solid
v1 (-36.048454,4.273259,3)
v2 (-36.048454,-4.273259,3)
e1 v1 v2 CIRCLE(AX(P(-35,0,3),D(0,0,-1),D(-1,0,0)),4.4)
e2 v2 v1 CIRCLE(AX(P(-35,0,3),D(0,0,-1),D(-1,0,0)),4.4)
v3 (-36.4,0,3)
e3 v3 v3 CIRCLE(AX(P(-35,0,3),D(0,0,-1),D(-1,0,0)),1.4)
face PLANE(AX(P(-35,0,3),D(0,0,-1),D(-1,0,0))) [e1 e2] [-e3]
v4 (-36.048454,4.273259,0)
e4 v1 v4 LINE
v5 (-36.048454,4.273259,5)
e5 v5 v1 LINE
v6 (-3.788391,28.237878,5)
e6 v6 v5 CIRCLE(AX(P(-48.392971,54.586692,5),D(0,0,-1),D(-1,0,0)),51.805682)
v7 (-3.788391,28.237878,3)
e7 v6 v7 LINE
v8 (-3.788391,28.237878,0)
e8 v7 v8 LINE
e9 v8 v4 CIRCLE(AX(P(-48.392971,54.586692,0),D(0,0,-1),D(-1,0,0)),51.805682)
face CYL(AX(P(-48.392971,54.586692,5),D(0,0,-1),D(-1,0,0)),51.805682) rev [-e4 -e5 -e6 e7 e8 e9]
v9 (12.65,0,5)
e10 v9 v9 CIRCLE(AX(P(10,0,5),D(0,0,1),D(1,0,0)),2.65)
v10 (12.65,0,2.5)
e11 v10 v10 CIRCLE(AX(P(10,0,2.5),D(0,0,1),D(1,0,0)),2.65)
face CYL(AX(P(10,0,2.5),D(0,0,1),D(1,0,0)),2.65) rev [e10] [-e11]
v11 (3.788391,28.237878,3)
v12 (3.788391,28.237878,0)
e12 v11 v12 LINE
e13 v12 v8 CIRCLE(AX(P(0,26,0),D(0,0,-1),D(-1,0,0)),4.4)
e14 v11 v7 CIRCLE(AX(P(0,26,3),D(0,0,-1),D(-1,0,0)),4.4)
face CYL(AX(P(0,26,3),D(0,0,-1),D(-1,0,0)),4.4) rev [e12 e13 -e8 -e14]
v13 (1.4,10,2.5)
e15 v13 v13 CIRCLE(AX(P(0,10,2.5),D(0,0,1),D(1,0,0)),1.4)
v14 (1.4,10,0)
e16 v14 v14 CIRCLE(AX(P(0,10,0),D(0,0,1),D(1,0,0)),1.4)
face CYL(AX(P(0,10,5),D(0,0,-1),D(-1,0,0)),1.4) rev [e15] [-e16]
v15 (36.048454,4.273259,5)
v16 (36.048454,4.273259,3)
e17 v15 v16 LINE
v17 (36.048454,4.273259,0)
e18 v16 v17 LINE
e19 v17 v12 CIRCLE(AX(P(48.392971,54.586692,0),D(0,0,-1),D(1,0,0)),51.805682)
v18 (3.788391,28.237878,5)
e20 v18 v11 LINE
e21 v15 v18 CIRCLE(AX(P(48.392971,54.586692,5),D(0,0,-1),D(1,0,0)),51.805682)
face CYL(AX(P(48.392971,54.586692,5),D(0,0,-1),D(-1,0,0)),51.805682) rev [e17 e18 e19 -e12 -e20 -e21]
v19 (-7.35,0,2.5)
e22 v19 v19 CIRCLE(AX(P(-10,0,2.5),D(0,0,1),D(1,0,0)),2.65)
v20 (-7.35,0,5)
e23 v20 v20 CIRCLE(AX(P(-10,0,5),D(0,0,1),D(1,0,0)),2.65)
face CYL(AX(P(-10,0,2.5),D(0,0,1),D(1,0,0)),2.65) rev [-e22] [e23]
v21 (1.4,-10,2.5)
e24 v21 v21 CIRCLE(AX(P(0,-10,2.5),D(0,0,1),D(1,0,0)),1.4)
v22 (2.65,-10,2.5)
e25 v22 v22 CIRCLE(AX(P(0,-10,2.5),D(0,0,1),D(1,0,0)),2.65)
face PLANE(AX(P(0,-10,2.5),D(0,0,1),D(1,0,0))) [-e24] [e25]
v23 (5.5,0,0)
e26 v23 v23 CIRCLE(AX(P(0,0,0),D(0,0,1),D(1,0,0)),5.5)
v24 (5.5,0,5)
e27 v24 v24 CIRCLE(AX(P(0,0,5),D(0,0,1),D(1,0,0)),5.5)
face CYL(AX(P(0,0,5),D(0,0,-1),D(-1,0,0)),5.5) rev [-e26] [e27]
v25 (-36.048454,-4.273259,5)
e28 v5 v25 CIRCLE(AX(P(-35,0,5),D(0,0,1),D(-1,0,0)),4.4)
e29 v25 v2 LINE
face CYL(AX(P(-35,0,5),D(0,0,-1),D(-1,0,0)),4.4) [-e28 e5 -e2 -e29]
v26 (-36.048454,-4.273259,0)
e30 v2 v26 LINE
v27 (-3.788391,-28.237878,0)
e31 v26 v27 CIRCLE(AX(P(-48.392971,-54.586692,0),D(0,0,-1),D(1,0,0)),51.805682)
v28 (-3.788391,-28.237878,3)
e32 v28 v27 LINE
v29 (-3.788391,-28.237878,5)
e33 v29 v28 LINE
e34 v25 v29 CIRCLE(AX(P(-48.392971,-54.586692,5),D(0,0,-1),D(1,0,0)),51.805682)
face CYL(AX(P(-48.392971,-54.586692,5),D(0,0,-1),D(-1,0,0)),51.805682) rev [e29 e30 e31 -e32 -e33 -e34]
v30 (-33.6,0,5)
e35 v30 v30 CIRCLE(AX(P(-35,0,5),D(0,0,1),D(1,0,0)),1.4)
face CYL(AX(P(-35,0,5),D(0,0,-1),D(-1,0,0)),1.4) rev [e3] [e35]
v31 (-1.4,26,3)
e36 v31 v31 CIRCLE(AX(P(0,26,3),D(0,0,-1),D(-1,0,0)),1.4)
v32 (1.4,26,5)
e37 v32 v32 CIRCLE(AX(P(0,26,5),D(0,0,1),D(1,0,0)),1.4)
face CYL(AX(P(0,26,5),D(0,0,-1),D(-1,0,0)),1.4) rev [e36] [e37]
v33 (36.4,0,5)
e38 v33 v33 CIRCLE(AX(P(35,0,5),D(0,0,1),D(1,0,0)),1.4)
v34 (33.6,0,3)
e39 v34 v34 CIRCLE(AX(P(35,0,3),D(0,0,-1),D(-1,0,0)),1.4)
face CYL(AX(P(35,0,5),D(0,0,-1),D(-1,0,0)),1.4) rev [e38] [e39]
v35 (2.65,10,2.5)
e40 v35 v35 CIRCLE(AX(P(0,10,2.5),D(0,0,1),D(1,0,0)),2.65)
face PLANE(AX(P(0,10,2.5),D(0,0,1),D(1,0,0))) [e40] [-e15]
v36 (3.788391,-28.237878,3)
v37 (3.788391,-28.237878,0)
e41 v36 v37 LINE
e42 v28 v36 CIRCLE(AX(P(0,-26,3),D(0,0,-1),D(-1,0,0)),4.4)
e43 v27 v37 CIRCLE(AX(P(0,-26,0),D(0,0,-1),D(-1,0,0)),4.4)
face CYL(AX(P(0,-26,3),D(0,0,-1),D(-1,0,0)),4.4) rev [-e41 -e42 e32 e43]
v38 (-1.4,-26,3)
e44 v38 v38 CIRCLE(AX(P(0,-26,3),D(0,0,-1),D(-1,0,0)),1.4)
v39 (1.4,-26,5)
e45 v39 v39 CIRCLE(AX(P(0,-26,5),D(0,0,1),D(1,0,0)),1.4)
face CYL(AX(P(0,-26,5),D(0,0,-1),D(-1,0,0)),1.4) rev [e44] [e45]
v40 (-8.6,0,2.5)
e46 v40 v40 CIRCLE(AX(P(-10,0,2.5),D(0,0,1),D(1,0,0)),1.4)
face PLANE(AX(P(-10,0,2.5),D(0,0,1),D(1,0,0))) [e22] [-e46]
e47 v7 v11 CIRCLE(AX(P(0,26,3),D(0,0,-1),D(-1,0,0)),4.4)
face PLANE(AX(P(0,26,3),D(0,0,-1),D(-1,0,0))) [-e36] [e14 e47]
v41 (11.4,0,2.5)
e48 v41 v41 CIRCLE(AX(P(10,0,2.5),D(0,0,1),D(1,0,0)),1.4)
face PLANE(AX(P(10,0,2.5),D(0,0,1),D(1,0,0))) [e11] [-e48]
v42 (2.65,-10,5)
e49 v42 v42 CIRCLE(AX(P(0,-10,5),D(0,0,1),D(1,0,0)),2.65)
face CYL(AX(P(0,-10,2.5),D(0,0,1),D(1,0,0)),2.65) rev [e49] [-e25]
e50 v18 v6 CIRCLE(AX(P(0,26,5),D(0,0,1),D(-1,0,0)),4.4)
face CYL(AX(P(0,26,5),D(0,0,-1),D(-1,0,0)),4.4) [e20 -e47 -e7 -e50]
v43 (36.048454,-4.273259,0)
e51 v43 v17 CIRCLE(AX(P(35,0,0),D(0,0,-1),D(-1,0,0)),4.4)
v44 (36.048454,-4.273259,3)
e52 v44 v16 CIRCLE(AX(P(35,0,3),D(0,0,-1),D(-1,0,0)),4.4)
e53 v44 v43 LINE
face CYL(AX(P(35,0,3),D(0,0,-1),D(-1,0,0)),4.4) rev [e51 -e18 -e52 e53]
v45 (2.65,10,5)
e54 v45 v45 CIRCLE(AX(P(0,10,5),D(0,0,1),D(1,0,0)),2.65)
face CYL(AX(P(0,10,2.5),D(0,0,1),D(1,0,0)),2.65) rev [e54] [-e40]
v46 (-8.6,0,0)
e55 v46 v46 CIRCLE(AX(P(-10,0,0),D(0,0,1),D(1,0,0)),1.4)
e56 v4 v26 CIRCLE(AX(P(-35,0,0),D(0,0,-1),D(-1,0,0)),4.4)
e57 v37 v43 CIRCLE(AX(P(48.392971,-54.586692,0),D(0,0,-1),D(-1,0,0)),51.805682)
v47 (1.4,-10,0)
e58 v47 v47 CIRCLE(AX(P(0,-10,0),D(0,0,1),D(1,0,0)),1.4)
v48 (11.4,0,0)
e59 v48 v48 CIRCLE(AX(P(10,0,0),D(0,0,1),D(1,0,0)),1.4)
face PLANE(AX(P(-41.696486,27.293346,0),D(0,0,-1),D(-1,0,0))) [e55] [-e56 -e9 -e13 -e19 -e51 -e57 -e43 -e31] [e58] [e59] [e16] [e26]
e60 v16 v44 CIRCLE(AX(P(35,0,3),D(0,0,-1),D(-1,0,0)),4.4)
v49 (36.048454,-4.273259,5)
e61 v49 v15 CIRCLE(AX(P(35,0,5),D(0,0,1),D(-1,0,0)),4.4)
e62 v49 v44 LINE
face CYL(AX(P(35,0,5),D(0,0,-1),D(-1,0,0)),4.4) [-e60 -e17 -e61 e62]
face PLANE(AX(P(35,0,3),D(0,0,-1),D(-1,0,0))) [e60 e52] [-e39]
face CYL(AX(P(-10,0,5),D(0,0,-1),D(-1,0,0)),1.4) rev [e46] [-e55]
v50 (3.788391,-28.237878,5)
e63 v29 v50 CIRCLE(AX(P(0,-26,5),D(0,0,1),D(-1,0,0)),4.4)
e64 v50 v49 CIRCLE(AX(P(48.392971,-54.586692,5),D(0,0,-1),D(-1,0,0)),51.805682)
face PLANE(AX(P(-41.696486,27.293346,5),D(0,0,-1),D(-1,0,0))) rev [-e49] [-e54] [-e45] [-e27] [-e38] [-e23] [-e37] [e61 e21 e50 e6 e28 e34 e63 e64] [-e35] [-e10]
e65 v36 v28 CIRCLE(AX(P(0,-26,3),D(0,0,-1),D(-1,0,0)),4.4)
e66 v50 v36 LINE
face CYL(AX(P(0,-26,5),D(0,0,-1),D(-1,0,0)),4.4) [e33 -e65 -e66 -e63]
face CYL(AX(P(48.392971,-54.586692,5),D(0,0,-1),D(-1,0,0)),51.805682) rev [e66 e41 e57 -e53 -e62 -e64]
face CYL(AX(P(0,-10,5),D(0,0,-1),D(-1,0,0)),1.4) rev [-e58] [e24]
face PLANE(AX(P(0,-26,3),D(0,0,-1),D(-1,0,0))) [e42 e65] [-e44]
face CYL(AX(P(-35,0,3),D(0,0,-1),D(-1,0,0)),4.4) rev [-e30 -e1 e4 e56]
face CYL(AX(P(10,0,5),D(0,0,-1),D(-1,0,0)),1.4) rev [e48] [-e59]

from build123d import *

# Parameters (mm, degrees)
SKETCH1_R           = 5.5
SKETCH1_R_2         = 1.4
BOSS_EXTRUDE1_DEPTH = 5
SKETCH2_R           = 2.65
CUT_EXTRUDE1_DEPTH  = 2.5
SKETCH3_R           = 4.4
CUT_EXTRUDE2_DEPTH  = 3


with BuildPart() as part:
    # Sketch1 → Boss-Extrude1 (new body)
    with BuildSketch(Plane.XY):
        with BuildLine():
            ThreePointArc((-3.788390561, 28.237877779), (0, 30.4), (3.788390561, 28.237877779))
            ThreePointArc((3.788390561, 28.237877779), (17.5, 13), (36.048454046, 4.273259191))
            ThreePointArc((36.048454046, 4.273259191), (39.4, 0), (36.048454046, -4.273259191))
            ThreePointArc((36.048454046, -4.273259191), (17.5, -13), (3.788390561, -28.237877779))
            ThreePointArc((3.788390561, -28.237877779), (0, -30.4), (-3.788390561, -28.237877779))
            ThreePointArc((-3.788390561, -28.237877779), (-17.5, -13), (-36.048454046, -4.273259191))
            ThreePointArc((-36.048454046, -4.273259191), (-39.4, 0), (-36.048454046, 4.273259191))
            ThreePointArc((-36.048454046, 4.273259191), (-17.5, 13), (-3.788390561, 28.237877779))
        make_face()
        Circle(SKETCH1_R, mode=Mode.SUBTRACT)
        with Locations((0, 10)):
            Circle(SKETCH1_R_2, mode=Mode.SUBTRACT)
        with Locations((10, 0)):
            Circle(SKETCH1_R_2, mode=Mode.SUBTRACT)
        with Locations((0, -10)):
            Circle(SKETCH1_R_2, mode=Mode.SUBTRACT)
        with Locations((-10, 0)):
            Circle(SKETCH1_R_2, mode=Mode.SUBTRACT)
        with Locations((35, 0)):
            Circle(SKETCH1_R_2, mode=Mode.SUBTRACT)
        with Locations((0, 26)):
            Circle(SKETCH1_R_2, mode=Mode.SUBTRACT)
        with Locations((0, -26)):
            Circle(SKETCH1_R_2, mode=Mode.SUBTRACT)
        with Locations((-35, 0)):
            Circle(SKETCH1_R_2, mode=Mode.SUBTRACT)
    extrude(amount=BOSS_EXTRUDE1_DEPTH)

    # Sketch2 → Cut-Extrude1 (cut)
    with BuildSketch(Plane.XY.offset(5)):
        with Locations((0, 10)):
            Circle(SKETCH2_R)
        with Locations((10, 0)):
            Circle(SKETCH2_R)
        with Locations((0, -10)):
            Circle(SKETCH2_R)
        with Locations((-10, 0)):
            Circle(SKETCH2_R)
    extrude(amount=-CUT_EXTRUDE1_DEPTH, mode=Mode.SUBTRACT)

    # Sketch3 → Cut-Extrude2 (cut)
    with BuildSketch(Plane(origin=(0, 0, 0), x_dir=(-1, 0, 0), z_dir=(0, 0, -1))):
        with Locations((0, 26)):
            Circle(SKETCH3_R)
        with Locations((35, 0)):
            Circle(SKETCH3_R)
        with Locations((0, -26)):
            Circle(SKETCH3_R)
        with Locations((-35, 0)):
            Circle(SKETCH3_R)
    extrude(amount=-CUT_EXTRUDE2_DEPTH, mode=Mode.SUBTRACT)


solid = part.part
